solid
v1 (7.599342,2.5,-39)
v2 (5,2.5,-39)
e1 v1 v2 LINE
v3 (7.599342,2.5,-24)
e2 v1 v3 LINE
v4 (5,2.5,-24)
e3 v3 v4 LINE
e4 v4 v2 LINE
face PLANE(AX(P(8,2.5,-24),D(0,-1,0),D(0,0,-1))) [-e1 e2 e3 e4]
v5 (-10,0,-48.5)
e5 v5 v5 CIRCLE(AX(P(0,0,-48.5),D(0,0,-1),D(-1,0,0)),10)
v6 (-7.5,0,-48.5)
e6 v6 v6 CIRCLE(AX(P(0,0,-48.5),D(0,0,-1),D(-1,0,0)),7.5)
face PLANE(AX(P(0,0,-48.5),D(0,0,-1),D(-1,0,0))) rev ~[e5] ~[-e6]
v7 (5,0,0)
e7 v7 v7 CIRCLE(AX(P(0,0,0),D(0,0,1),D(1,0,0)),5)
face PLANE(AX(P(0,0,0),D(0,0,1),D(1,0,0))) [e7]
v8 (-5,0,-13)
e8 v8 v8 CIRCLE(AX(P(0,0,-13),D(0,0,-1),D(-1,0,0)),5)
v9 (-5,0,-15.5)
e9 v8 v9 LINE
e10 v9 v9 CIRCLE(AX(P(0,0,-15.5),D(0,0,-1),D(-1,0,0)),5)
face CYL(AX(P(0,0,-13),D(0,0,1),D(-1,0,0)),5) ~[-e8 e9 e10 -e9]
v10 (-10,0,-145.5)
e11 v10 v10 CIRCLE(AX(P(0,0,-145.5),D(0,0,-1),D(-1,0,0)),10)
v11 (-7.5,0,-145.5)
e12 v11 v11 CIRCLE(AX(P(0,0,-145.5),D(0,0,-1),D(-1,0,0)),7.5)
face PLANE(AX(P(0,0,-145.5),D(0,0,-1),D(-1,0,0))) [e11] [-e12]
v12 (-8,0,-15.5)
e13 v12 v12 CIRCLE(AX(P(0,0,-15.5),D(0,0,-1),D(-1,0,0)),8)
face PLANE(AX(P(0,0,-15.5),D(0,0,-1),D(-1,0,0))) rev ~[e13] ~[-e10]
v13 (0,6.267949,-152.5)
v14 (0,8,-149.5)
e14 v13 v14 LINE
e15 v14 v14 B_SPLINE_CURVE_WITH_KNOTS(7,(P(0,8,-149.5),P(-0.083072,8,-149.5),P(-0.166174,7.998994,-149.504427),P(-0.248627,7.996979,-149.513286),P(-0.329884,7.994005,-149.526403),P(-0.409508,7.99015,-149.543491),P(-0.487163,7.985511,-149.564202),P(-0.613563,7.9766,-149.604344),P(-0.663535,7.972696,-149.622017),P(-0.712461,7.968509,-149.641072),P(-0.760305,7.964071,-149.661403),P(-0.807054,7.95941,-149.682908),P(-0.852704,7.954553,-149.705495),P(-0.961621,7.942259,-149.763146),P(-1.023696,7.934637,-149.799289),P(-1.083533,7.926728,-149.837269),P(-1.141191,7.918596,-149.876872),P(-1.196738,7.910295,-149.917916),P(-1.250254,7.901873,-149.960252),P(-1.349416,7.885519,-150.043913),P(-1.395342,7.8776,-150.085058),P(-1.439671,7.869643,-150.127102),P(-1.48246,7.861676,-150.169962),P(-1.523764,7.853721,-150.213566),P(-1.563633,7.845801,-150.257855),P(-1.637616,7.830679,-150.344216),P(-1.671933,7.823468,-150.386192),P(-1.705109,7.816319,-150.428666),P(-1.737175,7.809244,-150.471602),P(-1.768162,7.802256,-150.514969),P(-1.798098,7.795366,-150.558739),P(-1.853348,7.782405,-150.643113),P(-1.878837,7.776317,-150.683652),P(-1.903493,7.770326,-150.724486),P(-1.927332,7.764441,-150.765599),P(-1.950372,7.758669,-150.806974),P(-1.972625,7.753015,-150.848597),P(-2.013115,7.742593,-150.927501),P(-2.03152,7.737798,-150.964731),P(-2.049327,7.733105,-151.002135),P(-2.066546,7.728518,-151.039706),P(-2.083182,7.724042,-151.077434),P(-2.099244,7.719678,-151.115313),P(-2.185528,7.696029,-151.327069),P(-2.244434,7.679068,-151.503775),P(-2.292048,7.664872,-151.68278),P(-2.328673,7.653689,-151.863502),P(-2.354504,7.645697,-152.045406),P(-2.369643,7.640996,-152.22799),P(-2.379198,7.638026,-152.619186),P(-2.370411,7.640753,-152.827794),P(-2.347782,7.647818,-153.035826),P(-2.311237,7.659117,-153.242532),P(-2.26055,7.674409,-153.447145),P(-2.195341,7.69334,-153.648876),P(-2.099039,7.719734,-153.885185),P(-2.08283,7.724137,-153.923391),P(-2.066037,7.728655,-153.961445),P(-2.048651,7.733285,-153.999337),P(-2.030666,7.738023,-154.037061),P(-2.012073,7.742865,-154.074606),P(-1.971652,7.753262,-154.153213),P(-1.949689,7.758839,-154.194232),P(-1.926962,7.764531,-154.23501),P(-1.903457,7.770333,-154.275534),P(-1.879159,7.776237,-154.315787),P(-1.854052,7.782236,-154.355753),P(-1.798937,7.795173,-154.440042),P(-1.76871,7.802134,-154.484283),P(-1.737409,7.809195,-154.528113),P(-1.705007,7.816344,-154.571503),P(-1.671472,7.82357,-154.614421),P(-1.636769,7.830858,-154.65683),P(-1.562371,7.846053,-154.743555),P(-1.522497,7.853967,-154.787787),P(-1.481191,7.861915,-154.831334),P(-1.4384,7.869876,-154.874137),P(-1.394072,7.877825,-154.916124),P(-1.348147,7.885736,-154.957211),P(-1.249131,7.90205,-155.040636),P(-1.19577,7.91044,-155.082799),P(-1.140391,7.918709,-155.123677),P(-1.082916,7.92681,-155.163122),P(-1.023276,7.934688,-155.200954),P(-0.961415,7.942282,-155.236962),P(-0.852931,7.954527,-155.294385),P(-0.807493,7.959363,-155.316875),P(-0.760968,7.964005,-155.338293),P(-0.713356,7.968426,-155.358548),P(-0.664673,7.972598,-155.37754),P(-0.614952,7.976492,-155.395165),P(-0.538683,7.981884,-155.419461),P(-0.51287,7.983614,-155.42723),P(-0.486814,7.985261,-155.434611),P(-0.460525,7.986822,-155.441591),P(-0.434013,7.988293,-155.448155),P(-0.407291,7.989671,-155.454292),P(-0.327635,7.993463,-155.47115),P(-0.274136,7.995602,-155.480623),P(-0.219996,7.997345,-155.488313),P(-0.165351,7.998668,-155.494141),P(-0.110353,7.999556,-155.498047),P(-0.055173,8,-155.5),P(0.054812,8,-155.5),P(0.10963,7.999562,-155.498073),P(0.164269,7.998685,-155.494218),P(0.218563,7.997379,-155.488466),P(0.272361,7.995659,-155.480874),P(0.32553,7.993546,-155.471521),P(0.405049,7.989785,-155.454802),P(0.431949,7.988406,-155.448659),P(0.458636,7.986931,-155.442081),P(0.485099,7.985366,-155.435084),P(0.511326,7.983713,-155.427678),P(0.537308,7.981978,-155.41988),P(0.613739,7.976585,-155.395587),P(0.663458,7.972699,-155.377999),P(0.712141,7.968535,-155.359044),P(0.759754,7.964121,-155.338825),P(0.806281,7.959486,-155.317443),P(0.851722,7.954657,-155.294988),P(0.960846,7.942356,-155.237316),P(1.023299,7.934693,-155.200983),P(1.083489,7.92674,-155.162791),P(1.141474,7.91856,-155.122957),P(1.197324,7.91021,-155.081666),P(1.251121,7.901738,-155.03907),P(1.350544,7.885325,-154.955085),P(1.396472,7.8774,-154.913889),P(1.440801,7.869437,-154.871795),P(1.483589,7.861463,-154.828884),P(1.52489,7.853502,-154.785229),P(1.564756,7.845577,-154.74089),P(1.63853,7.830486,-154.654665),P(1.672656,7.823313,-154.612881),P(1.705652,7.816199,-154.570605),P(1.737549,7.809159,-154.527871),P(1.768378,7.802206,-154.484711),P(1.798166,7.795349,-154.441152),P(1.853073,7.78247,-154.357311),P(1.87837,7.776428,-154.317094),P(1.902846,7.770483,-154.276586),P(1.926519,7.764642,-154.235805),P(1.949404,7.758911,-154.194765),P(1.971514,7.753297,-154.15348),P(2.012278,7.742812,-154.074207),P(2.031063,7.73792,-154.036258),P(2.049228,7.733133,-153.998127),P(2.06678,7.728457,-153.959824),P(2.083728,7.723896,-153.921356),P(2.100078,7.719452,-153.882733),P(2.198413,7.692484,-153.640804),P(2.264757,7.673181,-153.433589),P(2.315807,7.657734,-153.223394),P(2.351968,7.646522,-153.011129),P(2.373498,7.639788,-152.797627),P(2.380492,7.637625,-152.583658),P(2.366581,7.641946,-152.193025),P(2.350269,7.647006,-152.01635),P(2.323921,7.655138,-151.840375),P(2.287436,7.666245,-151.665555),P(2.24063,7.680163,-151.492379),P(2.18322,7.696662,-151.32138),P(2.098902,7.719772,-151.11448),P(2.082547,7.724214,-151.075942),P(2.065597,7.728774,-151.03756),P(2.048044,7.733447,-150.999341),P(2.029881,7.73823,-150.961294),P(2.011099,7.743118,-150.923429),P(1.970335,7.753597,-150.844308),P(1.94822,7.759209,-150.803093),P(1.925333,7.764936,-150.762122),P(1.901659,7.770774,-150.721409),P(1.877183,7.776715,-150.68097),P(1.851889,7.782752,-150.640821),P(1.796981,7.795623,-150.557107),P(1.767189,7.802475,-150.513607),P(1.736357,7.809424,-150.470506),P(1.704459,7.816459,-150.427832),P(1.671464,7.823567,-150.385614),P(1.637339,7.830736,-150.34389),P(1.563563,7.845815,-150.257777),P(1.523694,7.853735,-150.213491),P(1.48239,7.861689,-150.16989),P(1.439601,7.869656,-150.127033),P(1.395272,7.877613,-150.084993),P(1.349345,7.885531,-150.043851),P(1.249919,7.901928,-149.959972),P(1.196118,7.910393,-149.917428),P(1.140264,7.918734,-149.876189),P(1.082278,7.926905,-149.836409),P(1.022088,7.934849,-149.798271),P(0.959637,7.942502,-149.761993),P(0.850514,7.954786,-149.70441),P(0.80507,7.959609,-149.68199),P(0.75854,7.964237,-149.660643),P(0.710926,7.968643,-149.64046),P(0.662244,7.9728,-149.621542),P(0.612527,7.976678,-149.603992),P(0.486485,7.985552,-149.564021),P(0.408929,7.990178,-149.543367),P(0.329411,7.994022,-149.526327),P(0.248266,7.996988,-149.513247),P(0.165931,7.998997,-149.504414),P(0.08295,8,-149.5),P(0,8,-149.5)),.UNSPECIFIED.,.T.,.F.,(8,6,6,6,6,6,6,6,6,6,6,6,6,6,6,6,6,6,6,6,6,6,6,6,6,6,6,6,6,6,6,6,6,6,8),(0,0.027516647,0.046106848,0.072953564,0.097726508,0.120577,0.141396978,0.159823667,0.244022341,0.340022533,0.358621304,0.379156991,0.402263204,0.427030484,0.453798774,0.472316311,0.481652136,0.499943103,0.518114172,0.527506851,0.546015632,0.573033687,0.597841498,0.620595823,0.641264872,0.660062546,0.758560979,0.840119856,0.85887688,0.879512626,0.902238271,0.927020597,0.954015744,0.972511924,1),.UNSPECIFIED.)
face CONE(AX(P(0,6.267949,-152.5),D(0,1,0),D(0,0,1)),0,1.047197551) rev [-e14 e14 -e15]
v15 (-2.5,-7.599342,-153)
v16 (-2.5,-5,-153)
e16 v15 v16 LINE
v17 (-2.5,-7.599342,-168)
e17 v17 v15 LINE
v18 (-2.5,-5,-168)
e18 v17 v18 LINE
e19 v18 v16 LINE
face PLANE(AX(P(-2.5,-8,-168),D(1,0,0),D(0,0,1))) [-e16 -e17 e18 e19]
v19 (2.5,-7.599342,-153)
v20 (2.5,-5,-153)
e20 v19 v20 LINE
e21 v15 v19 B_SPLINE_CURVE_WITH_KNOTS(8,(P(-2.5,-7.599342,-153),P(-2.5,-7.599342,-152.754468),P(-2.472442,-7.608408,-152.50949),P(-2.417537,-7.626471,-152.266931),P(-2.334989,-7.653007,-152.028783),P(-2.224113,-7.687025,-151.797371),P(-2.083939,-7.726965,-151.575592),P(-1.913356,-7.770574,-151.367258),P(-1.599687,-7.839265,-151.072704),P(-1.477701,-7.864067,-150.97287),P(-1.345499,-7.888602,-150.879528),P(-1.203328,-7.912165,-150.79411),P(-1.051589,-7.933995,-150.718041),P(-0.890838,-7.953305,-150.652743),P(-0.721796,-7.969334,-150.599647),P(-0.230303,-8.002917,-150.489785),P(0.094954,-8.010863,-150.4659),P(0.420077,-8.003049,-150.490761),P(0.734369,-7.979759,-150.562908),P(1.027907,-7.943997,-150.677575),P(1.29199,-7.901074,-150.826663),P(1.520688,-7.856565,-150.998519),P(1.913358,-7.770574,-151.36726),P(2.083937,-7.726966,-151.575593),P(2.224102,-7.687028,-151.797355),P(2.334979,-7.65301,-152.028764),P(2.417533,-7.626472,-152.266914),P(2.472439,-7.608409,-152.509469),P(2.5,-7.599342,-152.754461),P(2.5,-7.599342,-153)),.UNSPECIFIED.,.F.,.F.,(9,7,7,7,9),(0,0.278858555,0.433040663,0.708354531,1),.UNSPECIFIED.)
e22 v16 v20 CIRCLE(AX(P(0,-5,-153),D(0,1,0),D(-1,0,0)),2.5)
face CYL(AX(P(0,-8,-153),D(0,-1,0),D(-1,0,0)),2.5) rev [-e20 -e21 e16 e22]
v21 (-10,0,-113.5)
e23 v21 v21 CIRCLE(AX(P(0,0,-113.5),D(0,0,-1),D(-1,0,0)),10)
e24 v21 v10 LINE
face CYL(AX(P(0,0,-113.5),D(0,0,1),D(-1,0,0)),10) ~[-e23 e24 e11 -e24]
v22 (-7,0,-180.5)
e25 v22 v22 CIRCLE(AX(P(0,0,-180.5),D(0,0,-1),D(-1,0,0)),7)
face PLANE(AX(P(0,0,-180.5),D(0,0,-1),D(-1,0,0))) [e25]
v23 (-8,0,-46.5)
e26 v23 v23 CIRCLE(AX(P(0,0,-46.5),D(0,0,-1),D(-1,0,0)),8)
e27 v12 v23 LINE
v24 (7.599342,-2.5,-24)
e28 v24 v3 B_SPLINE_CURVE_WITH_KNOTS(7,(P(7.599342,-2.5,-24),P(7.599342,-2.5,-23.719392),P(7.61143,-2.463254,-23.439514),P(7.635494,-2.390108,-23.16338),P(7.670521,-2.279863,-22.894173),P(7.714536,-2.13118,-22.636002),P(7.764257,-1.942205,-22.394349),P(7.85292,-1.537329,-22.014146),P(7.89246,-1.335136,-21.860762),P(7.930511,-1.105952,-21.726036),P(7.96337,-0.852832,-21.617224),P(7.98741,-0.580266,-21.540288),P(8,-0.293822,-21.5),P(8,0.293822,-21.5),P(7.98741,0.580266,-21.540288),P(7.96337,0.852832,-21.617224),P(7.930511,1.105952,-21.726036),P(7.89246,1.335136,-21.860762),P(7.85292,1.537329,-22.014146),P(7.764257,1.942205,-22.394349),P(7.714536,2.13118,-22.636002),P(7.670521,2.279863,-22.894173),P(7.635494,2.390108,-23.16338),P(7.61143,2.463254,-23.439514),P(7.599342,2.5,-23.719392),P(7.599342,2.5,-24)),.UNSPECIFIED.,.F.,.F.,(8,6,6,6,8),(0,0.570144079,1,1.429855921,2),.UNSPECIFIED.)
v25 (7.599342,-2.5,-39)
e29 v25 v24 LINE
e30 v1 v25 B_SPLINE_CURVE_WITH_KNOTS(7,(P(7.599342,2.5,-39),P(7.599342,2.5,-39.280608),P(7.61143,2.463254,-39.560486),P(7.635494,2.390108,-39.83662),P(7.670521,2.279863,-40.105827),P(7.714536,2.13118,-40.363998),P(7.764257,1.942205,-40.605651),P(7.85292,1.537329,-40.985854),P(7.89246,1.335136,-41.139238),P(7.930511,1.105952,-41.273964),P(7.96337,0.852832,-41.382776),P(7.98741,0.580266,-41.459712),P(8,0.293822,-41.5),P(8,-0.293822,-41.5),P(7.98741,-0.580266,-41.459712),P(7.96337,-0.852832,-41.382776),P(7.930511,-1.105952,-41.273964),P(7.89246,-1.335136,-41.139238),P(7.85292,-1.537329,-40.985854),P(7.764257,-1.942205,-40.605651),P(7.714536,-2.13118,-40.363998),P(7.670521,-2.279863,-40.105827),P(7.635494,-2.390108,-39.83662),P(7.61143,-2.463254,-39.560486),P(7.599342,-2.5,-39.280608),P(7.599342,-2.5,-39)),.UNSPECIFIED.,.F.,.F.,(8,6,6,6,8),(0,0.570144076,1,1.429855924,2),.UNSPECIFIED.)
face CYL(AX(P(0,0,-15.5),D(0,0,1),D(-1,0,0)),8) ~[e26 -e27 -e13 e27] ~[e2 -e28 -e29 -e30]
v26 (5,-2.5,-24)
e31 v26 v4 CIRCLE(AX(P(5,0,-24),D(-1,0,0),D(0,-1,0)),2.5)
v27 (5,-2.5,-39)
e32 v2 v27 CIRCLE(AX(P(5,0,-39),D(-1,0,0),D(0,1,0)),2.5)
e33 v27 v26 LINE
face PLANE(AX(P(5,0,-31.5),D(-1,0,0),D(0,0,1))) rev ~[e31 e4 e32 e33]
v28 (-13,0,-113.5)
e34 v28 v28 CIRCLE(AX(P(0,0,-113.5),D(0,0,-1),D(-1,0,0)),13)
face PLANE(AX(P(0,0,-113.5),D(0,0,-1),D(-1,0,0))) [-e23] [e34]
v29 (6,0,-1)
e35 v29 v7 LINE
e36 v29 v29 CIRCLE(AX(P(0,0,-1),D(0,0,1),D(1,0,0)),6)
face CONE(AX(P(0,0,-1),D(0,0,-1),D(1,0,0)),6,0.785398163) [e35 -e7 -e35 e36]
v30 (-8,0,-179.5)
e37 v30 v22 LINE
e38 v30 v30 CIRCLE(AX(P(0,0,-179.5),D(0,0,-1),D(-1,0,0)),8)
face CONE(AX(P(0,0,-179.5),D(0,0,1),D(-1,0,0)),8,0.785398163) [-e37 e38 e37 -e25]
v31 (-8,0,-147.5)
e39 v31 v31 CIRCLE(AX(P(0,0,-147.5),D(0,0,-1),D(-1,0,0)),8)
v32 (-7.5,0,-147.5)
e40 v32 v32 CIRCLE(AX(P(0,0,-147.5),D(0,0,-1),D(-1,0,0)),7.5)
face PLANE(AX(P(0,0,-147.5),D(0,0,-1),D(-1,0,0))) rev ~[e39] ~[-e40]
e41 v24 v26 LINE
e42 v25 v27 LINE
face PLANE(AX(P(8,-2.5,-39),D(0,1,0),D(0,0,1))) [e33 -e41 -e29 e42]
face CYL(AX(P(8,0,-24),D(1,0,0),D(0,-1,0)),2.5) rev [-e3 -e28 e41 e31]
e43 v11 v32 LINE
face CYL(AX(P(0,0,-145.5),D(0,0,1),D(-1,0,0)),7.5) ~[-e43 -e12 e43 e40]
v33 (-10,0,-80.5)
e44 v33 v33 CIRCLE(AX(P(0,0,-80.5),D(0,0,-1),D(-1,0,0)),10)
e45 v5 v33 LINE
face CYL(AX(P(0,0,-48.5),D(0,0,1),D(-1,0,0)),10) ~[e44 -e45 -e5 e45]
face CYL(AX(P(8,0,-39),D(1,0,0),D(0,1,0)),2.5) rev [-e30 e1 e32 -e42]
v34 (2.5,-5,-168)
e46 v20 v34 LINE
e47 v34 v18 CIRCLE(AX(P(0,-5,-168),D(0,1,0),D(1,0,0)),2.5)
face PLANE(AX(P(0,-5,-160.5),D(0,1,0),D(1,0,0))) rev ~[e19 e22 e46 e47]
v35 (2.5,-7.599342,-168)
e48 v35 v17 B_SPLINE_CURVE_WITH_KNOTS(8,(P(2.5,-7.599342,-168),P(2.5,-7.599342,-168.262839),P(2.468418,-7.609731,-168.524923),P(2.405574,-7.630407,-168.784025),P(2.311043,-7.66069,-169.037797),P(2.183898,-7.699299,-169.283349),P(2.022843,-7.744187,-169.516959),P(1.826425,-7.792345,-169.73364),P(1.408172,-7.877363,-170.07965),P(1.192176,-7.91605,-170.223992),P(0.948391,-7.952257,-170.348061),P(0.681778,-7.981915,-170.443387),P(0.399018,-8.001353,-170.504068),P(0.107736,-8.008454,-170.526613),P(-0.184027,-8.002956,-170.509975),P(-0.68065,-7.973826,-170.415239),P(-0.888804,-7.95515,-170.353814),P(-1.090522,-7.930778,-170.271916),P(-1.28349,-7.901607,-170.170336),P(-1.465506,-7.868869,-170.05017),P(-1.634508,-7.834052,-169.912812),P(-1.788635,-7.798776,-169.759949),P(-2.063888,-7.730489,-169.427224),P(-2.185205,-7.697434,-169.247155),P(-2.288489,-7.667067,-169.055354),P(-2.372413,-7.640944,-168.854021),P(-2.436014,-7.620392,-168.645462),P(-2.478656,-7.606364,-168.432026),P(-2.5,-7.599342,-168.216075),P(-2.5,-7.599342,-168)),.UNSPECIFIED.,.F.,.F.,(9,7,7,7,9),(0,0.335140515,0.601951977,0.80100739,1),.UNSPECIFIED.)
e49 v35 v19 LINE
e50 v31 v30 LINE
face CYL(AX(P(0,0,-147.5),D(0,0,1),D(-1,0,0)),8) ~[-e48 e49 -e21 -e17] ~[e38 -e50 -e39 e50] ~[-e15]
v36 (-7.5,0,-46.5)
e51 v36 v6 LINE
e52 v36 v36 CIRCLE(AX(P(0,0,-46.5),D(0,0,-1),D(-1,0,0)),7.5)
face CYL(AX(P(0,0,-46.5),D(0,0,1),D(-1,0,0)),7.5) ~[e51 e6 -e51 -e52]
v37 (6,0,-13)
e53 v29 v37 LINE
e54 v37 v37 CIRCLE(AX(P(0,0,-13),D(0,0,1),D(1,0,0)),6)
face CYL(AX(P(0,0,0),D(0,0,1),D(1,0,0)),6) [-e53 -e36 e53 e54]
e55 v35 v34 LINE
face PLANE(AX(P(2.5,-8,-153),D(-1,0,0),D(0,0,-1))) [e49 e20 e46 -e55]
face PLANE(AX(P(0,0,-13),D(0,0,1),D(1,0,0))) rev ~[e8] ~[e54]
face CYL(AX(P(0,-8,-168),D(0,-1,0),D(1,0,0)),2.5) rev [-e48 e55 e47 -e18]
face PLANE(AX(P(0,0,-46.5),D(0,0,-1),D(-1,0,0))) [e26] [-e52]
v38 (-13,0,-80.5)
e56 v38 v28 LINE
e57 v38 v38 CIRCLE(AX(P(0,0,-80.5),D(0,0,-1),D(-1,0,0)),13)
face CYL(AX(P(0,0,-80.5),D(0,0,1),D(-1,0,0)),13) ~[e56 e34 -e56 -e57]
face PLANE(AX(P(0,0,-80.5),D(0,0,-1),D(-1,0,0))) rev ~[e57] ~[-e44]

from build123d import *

# Parameters (mm, degrees)
SKETCH_1_R          = 6
EXTRUDE_1_DEPTH     = 13
SKETCH_2_R          = 5
EXTRUDE_2_DEPTH     = 2.5
SKETCH_3_R          = 8
EXTRUDE_3_DEPTH     = 31
SKETCH_4_R          = 7.5
EXTRUDE_4_DEPTH     = 2
SKETCH_5_R          = 10
EXTRUDE_5_DEPTH     = 32
SKETCH_6_R          = 13
EXTRUDE_6_DEPTH     = 33
SKETCH_7_R          = 10
EXTRUDE_7_DEPTH     = 32
SKETCH_8_R          = 7.5
EXTRUDE_8_DEPTH     = 2
SKETCH_9_R          = 8
EXTRUDE_9_DEPTH     = 33
CUT_EXTRUDE_1_DEPTH = 3
CUT_EXTRUDE_2_DEPTH = 3
CHAMFER_1_SIZE      = 1


with BuildPart() as part:
    # 草图1 → 凸台-拉伸1 (new body)
    with BuildSketch(Plane.XY):
        Circle(SKETCH_1_R)
    extrude(amount=-EXTRUDE_1_DEPTH)

    # 草图2 → 凸台-拉伸2 (add)
    with BuildSketch(Plane(origin=(0, 0, -13), x_dir=(-1, 0, 0), z_dir=(0, 0, -1))):
        Circle(SKETCH_2_R)
    extrude(amount=EXTRUDE_2_DEPTH)

    # 草图3 → 凸台-拉伸3 (add)
    with BuildSketch(Plane(origin=(0, 0, -15.5), x_dir=(-1, 0, 0), z_dir=(0, 0, -1))):
        Circle(SKETCH_3_R)
    extrude(amount=EXTRUDE_3_DEPTH)

    # 草图4 → 凸台-拉伸4 (add)
    with BuildSketch(Plane(origin=(0, 0, -46.5), x_dir=(-1, 0, 0), z_dir=(0, 0, -1))):
        Circle(SKETCH_4_R)
    extrude(amount=EXTRUDE_4_DEPTH)

    # 草图5 → 凸台-拉伸5 (add)
    with BuildSketch(Plane(origin=(0, 0, -48.5), x_dir=(-1, 0, 0), z_dir=(0, 0, -1))):
        Circle(SKETCH_5_R)
    extrude(amount=EXTRUDE_5_DEPTH)

    # 草图6 → 凸台-拉伸6 (add)
    with BuildSketch(Plane(origin=(0, 0, -80.5), x_dir=(-1, 0, 0), z_dir=(0, 0, -1))):
        Circle(SKETCH_6_R)
    extrude(amount=EXTRUDE_6_DEPTH)

    # 草图7 → 凸台-拉伸7 (add)
    with BuildSketch(Plane(origin=(0, 0, -113.5), x_dir=(-1, 0, 0), z_dir=(0, 0, -1))):
        Circle(SKETCH_7_R)
    extrude(amount=EXTRUDE_7_DEPTH)

    # 草图8 → 凸台-拉伸8 (add)
    with BuildSketch(Plane(origin=(0, 0, -145.5), x_dir=(-1, 0, 0), z_dir=(0, 0, -1))):
        Circle(SKETCH_8_R)
    extrude(amount=EXTRUDE_8_DEPTH)

    # 草图9 → 凸台-拉伸9 (add)
    with BuildSketch(Plane(origin=(0, 0, -147.5), x_dir=(-1, 0, 0), z_dir=(0, 0, -1))):
        Circle(SKETCH_9_R)
    extrude(amount=EXTRUDE_9_DEPTH)

    # 草图11 → 切除-拉伸1 (cut)
    with BuildSketch(Plane(origin=(8, 0, 0), x_dir=(0, 0, -1), z_dir=(1, 0, 0))):
        with BuildLine():
            Line((24, 2.5), (39, 2.5))
            ThreePointArc((39, 2.5), (41.5, 0), (39, -2.5))
            Line((39, -2.5), (24, -2.5))
            ThreePointArc((24, -2.5), (21.5, 0), (24, 2.5))
        make_face()
    extrude(amount=-CUT_EXTRUDE_1_DEPTH, mode=Mode.SUBTRACT)

    # 草图12 → 切除-拉伸2 (cut)
    with BuildSketch(Plane(origin=(0, -8, 0), x_dir=(1, 0, 0), z_dir=(0, 1, 0))):
        with BuildLine():
            Line((-2.5, 168), (-2.5, 153))
            ThreePointArc((-2.5, 153), (0, 150.5), (2.5, 153))
            Line((2.5, 153), (2.5, 168))
            ThreePointArc((2.5, 168), (0, 170.5), (-2.5, 168))
        make_face()
    extrude(amount=CUT_EXTRUDE_2_DEPTH, mode=Mode.SUBTRACT)

    # 草图18 → 切除-旋转1 (revolve, cut)
    with BuildSketch(Plane(origin=(0, 0, 0), x_dir=(0, 0, -1), z_dir=(1, 0, 0))):
        Polygon((149.5, 8), (152.5, 8), (152.5, 6.267949192), align=None)
    revolve(axis=Axis((0, 8, -152.5), (0, -1, 0)), mode=Mode.SUBTRACT)

    # 倒角1
    chamfer_1_edges = [part.edges().sort_by_distance(p)[0] for p in [
        (-6, 0, 0),
        (8, 0, -180.5),
    ]]
    chamfer(chamfer_1_edges, length=CHAMFER_1_SIZE)


solid = part.part
